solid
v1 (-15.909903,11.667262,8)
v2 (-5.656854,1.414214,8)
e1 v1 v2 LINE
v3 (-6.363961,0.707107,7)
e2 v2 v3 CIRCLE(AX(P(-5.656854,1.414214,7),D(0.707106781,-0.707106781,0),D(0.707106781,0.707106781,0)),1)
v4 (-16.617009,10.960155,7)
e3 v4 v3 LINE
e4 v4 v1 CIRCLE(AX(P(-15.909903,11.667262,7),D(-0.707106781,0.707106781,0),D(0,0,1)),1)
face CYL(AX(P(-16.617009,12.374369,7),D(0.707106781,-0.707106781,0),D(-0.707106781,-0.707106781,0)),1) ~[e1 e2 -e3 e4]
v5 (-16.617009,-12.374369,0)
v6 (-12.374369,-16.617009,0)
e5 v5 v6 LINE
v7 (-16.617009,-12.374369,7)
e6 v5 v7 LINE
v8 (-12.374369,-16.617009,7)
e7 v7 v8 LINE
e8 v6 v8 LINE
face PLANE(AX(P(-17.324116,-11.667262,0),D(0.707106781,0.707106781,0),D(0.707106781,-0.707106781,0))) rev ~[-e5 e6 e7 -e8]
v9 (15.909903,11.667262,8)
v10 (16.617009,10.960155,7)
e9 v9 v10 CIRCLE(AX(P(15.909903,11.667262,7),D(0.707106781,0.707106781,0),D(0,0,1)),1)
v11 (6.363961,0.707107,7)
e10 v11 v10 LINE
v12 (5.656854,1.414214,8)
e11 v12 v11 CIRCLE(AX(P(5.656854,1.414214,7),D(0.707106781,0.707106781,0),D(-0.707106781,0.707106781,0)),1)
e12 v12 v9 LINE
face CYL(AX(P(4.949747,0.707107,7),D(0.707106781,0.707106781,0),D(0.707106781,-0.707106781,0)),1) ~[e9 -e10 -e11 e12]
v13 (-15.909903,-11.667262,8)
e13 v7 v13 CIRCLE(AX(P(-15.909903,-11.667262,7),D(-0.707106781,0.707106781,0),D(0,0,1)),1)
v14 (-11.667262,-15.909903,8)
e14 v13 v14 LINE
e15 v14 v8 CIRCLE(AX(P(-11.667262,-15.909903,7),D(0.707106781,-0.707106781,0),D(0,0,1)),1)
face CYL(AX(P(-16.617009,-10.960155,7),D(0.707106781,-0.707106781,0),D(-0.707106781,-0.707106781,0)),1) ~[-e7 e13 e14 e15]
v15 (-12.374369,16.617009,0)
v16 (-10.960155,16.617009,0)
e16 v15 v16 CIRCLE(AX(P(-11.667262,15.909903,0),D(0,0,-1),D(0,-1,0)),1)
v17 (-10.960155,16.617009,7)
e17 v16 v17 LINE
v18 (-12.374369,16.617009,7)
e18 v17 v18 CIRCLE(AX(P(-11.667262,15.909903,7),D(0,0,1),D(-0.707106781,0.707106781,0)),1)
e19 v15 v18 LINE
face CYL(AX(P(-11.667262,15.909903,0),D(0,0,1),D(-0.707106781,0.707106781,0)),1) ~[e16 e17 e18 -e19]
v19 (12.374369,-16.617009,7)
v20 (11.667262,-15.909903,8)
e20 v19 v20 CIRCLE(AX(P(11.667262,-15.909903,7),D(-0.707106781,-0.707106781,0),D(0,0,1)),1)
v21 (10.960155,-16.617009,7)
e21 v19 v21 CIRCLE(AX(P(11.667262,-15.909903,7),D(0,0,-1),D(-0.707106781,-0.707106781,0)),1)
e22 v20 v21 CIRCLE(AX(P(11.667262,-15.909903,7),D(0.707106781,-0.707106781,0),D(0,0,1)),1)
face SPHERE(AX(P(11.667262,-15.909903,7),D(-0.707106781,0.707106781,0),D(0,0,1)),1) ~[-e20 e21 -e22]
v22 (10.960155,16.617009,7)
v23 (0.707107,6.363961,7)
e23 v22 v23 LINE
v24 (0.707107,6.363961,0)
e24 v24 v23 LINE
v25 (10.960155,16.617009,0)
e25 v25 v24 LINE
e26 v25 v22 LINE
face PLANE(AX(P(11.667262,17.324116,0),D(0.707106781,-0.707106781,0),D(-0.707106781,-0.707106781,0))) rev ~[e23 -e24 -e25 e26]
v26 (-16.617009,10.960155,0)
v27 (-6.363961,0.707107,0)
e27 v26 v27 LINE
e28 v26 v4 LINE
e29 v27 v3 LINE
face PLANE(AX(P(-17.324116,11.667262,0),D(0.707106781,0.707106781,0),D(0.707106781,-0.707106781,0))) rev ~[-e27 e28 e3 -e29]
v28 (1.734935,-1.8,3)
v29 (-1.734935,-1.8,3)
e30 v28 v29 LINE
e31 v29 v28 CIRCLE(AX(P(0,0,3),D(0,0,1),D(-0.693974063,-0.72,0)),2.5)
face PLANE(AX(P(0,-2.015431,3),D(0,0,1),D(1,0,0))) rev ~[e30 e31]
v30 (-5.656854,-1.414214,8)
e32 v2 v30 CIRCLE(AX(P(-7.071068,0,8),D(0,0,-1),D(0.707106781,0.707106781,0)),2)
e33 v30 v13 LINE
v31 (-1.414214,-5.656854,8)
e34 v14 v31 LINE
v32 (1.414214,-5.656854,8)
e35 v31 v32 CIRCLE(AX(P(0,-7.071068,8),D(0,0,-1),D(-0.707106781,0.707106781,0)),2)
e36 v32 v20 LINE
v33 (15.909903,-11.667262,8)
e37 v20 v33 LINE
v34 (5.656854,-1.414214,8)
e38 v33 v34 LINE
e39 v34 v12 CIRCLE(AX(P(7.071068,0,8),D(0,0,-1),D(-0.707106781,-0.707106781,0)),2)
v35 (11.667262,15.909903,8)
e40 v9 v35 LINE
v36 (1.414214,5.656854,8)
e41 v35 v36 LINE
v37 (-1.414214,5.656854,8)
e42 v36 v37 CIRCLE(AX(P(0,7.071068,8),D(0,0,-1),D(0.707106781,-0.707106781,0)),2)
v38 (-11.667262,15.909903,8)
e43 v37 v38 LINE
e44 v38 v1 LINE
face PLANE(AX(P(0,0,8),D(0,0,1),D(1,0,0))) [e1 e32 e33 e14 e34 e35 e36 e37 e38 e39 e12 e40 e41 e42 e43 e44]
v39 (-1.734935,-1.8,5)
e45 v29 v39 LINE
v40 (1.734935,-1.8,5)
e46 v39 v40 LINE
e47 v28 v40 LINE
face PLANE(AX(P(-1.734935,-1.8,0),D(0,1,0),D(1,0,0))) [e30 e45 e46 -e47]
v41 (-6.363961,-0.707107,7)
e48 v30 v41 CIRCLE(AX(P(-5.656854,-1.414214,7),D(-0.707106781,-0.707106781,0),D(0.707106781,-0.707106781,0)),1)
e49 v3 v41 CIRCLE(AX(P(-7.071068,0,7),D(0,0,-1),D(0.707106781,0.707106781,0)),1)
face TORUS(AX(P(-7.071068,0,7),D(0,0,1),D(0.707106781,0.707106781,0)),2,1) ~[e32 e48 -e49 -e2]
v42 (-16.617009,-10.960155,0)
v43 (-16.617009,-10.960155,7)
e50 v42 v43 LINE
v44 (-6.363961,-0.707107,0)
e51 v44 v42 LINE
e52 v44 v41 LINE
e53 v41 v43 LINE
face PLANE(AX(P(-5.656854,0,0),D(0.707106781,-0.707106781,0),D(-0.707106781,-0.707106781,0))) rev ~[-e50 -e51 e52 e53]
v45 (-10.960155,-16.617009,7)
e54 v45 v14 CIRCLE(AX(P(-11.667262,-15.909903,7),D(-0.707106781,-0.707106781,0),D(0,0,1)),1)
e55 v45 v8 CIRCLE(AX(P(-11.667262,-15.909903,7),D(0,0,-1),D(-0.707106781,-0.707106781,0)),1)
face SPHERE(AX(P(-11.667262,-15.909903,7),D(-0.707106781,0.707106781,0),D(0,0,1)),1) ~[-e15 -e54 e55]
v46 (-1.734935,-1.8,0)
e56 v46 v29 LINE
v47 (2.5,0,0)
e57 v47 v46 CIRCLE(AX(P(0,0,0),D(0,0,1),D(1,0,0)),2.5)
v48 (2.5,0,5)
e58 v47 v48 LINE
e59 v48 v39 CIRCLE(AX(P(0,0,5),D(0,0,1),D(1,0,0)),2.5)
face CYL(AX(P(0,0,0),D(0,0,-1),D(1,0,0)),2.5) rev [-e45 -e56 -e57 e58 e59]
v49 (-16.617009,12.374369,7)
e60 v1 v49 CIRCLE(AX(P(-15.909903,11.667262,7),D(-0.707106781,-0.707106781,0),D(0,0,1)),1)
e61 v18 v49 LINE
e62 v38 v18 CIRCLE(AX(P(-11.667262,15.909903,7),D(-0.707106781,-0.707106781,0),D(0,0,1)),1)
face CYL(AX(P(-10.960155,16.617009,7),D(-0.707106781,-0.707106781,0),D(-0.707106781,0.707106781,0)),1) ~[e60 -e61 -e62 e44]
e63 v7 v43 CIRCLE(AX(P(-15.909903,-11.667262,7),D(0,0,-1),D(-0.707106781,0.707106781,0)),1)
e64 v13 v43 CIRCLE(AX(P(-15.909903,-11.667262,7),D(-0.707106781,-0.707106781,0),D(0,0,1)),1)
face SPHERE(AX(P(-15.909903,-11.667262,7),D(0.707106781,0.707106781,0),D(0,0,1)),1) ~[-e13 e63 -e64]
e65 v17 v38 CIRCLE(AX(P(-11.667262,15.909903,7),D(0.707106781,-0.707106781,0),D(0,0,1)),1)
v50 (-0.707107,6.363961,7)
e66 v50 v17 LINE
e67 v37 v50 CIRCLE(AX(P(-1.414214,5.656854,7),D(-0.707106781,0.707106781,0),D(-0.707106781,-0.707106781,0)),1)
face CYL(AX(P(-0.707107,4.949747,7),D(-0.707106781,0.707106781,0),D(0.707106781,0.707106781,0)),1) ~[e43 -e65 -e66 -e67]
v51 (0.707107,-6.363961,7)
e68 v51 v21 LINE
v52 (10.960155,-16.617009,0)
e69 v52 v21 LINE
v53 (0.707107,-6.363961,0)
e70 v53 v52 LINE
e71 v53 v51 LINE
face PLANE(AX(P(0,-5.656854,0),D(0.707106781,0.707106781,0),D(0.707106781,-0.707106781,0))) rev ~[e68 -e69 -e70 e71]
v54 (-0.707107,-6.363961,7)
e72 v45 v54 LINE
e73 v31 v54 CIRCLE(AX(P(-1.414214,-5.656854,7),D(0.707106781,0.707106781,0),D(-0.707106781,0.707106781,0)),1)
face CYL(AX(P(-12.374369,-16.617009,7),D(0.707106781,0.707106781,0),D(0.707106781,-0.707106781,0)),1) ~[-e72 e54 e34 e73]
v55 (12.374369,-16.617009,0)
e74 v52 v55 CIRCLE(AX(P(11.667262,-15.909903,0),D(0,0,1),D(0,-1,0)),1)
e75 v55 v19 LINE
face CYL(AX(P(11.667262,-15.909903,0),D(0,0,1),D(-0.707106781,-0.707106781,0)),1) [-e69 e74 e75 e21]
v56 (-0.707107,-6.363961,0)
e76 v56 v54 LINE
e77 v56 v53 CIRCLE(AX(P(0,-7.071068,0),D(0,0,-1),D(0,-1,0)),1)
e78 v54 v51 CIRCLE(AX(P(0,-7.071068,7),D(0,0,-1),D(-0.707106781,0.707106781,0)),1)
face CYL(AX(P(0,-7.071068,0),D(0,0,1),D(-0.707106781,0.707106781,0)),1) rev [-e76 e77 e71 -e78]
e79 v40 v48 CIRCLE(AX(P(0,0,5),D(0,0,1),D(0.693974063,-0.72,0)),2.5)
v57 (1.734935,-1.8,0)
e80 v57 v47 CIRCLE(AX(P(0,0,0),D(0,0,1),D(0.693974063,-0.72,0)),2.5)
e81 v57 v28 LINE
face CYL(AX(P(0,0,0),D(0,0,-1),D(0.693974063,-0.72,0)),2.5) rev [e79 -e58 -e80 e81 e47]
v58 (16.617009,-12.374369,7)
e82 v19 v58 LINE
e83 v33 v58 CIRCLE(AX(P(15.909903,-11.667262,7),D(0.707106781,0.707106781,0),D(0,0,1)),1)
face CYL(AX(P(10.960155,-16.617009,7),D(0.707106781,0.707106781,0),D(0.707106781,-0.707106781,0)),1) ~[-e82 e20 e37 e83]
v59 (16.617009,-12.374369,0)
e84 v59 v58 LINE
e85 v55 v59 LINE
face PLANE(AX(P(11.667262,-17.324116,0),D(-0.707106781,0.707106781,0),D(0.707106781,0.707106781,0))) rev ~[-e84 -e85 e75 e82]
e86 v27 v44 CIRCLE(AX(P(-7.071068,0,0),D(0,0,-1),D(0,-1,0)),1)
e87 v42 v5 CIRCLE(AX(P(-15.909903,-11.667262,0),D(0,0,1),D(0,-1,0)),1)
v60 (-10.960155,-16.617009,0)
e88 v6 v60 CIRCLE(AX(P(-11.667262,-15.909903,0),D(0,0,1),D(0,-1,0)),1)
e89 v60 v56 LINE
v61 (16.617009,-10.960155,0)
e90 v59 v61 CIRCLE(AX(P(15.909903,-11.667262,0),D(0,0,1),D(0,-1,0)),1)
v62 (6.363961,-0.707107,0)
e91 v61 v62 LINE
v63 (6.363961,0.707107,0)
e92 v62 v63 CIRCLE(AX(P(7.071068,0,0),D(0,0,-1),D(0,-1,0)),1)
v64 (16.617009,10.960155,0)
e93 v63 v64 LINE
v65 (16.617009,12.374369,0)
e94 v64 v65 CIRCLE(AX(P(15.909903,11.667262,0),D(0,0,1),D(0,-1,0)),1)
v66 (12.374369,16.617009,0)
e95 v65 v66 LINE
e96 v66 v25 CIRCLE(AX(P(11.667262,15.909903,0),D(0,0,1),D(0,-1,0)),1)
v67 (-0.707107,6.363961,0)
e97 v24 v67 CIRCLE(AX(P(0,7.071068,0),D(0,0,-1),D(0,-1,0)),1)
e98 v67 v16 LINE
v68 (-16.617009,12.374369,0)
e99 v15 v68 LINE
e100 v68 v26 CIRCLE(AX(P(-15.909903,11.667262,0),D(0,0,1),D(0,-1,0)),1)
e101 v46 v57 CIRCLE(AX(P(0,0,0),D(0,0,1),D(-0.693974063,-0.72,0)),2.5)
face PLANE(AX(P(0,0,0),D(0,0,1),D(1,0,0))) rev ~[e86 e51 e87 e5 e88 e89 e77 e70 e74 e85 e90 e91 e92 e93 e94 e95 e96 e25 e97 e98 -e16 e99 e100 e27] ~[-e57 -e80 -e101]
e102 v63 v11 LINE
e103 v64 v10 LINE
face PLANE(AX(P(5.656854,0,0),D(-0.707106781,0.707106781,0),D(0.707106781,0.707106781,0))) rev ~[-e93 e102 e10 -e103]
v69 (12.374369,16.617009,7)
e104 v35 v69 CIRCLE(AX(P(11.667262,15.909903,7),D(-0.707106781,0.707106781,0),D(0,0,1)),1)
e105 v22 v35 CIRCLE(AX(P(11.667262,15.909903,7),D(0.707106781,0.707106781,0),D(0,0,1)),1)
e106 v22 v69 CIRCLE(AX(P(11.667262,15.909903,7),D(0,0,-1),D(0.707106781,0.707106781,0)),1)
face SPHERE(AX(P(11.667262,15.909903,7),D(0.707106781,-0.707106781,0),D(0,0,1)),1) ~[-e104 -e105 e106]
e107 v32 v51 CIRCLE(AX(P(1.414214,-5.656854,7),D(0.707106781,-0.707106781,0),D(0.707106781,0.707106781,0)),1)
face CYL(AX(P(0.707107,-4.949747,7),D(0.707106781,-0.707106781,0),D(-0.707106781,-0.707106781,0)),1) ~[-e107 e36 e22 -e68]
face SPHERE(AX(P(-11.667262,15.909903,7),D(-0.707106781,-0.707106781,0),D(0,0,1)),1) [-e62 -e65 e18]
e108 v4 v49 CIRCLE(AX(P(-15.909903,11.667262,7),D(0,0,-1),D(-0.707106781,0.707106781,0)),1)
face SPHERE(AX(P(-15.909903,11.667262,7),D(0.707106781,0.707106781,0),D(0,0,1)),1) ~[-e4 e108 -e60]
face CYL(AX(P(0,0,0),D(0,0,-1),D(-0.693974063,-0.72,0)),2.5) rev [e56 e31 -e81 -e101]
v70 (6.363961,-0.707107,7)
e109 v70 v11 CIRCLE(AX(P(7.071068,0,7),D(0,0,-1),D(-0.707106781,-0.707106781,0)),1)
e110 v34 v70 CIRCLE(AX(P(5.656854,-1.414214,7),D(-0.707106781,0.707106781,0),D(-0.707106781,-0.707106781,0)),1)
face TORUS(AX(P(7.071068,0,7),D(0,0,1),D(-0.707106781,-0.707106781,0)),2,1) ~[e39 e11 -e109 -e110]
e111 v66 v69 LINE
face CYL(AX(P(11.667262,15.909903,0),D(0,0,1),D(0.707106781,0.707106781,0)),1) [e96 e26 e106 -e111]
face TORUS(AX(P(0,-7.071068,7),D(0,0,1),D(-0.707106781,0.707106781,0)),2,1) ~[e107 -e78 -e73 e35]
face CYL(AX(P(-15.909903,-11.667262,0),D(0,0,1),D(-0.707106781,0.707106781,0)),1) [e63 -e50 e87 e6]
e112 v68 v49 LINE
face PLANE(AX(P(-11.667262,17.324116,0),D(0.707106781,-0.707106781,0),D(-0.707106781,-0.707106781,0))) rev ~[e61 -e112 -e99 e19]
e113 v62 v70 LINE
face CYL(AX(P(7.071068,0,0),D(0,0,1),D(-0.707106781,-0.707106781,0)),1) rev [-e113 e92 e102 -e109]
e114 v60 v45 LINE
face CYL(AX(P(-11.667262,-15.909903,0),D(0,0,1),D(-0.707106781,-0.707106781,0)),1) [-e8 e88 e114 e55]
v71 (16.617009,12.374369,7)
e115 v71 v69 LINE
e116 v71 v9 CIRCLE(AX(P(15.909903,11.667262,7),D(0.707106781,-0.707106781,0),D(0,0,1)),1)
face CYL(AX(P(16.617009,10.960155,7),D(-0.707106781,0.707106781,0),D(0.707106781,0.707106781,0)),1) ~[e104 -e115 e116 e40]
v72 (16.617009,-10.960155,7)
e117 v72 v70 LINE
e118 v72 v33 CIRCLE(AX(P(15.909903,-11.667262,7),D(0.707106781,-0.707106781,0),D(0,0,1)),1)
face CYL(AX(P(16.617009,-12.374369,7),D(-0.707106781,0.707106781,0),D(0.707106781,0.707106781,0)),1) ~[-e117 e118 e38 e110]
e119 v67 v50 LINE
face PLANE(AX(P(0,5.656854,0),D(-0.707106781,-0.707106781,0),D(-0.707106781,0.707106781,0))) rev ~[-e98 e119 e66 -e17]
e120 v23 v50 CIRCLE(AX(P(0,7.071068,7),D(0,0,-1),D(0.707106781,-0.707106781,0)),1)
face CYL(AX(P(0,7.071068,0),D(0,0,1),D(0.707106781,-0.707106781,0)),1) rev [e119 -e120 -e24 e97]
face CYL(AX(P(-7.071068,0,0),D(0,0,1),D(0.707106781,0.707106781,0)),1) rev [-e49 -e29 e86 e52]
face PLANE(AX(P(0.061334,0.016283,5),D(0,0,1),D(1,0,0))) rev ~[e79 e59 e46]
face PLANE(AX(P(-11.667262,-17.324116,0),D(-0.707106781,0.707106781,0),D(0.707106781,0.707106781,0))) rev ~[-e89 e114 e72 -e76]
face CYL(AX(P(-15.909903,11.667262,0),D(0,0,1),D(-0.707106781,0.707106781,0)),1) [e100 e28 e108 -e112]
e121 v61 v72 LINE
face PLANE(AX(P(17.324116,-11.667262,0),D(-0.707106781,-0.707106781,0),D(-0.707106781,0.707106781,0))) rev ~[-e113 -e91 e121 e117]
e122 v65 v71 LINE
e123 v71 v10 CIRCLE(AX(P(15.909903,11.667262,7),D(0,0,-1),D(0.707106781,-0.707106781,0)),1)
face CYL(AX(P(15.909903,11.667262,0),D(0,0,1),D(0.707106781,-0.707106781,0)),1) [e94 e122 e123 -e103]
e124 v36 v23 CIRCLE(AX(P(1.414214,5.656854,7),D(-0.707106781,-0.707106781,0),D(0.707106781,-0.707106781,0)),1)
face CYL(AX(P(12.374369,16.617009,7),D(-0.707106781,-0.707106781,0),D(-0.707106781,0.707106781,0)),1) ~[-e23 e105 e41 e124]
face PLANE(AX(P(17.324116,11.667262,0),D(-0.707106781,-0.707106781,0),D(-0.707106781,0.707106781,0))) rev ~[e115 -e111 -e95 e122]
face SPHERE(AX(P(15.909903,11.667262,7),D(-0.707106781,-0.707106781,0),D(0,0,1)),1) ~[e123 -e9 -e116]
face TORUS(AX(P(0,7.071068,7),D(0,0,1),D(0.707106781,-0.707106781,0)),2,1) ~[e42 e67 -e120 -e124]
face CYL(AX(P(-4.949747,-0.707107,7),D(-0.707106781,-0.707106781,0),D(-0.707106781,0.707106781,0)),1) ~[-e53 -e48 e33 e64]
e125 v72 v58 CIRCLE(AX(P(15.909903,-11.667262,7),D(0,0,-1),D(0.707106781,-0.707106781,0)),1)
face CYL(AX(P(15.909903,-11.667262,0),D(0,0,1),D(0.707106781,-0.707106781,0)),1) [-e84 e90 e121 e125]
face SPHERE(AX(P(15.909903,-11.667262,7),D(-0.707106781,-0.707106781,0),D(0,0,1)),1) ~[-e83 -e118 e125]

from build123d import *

# Parameters (mm, degrees)
F1_DEPTH = 8
F2_R     = 1
F3_DEPTH = 5
F4_DEPTH = 3


with BuildPart() as f1:
    # F0 (on Top) → F1 (new body)
    with BuildSketch(Plane.XY):
        Polygon((-11.6672618896, 17.3241161391), (-17.3241161391, 11.6672618896), (-5.6568542495, 0), (-17.3241161391, -11.6672618896), (-11.6672618896, -17.3241161391), (0, -5.6568542495), (11.6672618896, -17.3241161391), (17.3241161391, -11.6672618896), (5.6568542495, 0), (17.3241161391, 11.6672618896), (11.6672618896, 17.3241161391), (0, 5.6568542495), align=None)
        with BuildLine():
            ThreePointArc((-1.7349351573, -1.8), (-0.9779218033, 2.3007974588), (2.5, 0))
            ThreePointArc((2.5, 0), (2.3007974588, -0.9779218033), (1.7349351573, -1.8))
            ThreePointArc((1.7349351573, -1.8), (0, -2.5), (-1.7349351573, -1.8))
        make_face(mode=Mode.SUBTRACT)
        with BuildLine():
            Line((1.7349351573, -1.8), (-1.7349351573, -1.8))
            ThreePointArc((-1.7349351573, -1.8), (0, -2.5), (1.7349351573, -1.8))
        make_face()
        with BuildLine():
            ThreePointArc((1.7349351573, -1.8), (2.3007974588, -0.9779218033), (2.5, 0))
            ThreePointArc((2.5, 0), (-0.9779218033, 2.3007974588), (-1.7349351573, -1.8))
            Line((-1.7349351573, -1.8), (1.7349351573, -1.8))
        make_face()
    extrude(amount=F1_DEPTH)

    # F2
    f2_edges = [f1.edges().sort_by_distance(p)[0] for p in [
        (-14.495689, 14.495689, 8),
        (-11.490485, 5.833631, 8),
        (-11.490485, -5.833631, 8),
        (-14.495689, -14.495689, 8),
        (-5.833631, -11.490485, 8),
        (5.833631, -11.490485, 8),
        (14.495689, -14.495689, 8),
        (11.490485, -5.833631, 8),
        (11.490485, 5.833631, 8),
        (14.495689, 14.495689, 8),
        (5.833631, 11.490485, 8),
        (-5.833631, 11.490485, 8),
        (-11.667262, -17.324116, 4),
        (-17.324116, -11.667262, 4),
        (-17.324116, 11.667262, 4),
        (11.667262, -17.324116, 4),
        (17.324116, -11.667262, 4),
        (17.324116, 11.667262, 4),
        (11.667262, 17.324116, 4),
        (-11.667262, 17.324116, 4),
        (0, 5.656854, 4),
        (-5.656854, 0, 4),
        (0, -5.656854, 4),
        (5.656854, 0, 4),
    ]]
    fillet(f2_edges, radius=F2_R)

    # F0 (on Top) → F3 (cut)
    with BuildSketch(Plane.XY):
        with BuildLine():
            ThreePointArc((1.7349351573, -1.8), (2.3007974588, -0.9779218033), (2.5, 0))
            ThreePointArc((2.5, 0), (-0.9779218033, 2.3007974588), (-1.7349351573, -1.8))
            Line((-1.7349351573, -1.8), (1.7349351573, -1.8))
        make_face()
    extrude(amount=F3_DEPTH, mode=Mode.SUBTRACT)

    # F0 (on Top) → F4 (cut)
    with BuildSketch(Plane.XY):
        with BuildLine():
            Line((1.7349351573, -1.8), (-1.7349351573, -1.8))
            ThreePointArc((-1.7349351573, -1.8), (0, -2.5), (1.7349351573, -1.8))
        make_face()
    extrude(amount=F4_DEPTH, mode=Mode.SUBTRACT)


solid = f1.part
